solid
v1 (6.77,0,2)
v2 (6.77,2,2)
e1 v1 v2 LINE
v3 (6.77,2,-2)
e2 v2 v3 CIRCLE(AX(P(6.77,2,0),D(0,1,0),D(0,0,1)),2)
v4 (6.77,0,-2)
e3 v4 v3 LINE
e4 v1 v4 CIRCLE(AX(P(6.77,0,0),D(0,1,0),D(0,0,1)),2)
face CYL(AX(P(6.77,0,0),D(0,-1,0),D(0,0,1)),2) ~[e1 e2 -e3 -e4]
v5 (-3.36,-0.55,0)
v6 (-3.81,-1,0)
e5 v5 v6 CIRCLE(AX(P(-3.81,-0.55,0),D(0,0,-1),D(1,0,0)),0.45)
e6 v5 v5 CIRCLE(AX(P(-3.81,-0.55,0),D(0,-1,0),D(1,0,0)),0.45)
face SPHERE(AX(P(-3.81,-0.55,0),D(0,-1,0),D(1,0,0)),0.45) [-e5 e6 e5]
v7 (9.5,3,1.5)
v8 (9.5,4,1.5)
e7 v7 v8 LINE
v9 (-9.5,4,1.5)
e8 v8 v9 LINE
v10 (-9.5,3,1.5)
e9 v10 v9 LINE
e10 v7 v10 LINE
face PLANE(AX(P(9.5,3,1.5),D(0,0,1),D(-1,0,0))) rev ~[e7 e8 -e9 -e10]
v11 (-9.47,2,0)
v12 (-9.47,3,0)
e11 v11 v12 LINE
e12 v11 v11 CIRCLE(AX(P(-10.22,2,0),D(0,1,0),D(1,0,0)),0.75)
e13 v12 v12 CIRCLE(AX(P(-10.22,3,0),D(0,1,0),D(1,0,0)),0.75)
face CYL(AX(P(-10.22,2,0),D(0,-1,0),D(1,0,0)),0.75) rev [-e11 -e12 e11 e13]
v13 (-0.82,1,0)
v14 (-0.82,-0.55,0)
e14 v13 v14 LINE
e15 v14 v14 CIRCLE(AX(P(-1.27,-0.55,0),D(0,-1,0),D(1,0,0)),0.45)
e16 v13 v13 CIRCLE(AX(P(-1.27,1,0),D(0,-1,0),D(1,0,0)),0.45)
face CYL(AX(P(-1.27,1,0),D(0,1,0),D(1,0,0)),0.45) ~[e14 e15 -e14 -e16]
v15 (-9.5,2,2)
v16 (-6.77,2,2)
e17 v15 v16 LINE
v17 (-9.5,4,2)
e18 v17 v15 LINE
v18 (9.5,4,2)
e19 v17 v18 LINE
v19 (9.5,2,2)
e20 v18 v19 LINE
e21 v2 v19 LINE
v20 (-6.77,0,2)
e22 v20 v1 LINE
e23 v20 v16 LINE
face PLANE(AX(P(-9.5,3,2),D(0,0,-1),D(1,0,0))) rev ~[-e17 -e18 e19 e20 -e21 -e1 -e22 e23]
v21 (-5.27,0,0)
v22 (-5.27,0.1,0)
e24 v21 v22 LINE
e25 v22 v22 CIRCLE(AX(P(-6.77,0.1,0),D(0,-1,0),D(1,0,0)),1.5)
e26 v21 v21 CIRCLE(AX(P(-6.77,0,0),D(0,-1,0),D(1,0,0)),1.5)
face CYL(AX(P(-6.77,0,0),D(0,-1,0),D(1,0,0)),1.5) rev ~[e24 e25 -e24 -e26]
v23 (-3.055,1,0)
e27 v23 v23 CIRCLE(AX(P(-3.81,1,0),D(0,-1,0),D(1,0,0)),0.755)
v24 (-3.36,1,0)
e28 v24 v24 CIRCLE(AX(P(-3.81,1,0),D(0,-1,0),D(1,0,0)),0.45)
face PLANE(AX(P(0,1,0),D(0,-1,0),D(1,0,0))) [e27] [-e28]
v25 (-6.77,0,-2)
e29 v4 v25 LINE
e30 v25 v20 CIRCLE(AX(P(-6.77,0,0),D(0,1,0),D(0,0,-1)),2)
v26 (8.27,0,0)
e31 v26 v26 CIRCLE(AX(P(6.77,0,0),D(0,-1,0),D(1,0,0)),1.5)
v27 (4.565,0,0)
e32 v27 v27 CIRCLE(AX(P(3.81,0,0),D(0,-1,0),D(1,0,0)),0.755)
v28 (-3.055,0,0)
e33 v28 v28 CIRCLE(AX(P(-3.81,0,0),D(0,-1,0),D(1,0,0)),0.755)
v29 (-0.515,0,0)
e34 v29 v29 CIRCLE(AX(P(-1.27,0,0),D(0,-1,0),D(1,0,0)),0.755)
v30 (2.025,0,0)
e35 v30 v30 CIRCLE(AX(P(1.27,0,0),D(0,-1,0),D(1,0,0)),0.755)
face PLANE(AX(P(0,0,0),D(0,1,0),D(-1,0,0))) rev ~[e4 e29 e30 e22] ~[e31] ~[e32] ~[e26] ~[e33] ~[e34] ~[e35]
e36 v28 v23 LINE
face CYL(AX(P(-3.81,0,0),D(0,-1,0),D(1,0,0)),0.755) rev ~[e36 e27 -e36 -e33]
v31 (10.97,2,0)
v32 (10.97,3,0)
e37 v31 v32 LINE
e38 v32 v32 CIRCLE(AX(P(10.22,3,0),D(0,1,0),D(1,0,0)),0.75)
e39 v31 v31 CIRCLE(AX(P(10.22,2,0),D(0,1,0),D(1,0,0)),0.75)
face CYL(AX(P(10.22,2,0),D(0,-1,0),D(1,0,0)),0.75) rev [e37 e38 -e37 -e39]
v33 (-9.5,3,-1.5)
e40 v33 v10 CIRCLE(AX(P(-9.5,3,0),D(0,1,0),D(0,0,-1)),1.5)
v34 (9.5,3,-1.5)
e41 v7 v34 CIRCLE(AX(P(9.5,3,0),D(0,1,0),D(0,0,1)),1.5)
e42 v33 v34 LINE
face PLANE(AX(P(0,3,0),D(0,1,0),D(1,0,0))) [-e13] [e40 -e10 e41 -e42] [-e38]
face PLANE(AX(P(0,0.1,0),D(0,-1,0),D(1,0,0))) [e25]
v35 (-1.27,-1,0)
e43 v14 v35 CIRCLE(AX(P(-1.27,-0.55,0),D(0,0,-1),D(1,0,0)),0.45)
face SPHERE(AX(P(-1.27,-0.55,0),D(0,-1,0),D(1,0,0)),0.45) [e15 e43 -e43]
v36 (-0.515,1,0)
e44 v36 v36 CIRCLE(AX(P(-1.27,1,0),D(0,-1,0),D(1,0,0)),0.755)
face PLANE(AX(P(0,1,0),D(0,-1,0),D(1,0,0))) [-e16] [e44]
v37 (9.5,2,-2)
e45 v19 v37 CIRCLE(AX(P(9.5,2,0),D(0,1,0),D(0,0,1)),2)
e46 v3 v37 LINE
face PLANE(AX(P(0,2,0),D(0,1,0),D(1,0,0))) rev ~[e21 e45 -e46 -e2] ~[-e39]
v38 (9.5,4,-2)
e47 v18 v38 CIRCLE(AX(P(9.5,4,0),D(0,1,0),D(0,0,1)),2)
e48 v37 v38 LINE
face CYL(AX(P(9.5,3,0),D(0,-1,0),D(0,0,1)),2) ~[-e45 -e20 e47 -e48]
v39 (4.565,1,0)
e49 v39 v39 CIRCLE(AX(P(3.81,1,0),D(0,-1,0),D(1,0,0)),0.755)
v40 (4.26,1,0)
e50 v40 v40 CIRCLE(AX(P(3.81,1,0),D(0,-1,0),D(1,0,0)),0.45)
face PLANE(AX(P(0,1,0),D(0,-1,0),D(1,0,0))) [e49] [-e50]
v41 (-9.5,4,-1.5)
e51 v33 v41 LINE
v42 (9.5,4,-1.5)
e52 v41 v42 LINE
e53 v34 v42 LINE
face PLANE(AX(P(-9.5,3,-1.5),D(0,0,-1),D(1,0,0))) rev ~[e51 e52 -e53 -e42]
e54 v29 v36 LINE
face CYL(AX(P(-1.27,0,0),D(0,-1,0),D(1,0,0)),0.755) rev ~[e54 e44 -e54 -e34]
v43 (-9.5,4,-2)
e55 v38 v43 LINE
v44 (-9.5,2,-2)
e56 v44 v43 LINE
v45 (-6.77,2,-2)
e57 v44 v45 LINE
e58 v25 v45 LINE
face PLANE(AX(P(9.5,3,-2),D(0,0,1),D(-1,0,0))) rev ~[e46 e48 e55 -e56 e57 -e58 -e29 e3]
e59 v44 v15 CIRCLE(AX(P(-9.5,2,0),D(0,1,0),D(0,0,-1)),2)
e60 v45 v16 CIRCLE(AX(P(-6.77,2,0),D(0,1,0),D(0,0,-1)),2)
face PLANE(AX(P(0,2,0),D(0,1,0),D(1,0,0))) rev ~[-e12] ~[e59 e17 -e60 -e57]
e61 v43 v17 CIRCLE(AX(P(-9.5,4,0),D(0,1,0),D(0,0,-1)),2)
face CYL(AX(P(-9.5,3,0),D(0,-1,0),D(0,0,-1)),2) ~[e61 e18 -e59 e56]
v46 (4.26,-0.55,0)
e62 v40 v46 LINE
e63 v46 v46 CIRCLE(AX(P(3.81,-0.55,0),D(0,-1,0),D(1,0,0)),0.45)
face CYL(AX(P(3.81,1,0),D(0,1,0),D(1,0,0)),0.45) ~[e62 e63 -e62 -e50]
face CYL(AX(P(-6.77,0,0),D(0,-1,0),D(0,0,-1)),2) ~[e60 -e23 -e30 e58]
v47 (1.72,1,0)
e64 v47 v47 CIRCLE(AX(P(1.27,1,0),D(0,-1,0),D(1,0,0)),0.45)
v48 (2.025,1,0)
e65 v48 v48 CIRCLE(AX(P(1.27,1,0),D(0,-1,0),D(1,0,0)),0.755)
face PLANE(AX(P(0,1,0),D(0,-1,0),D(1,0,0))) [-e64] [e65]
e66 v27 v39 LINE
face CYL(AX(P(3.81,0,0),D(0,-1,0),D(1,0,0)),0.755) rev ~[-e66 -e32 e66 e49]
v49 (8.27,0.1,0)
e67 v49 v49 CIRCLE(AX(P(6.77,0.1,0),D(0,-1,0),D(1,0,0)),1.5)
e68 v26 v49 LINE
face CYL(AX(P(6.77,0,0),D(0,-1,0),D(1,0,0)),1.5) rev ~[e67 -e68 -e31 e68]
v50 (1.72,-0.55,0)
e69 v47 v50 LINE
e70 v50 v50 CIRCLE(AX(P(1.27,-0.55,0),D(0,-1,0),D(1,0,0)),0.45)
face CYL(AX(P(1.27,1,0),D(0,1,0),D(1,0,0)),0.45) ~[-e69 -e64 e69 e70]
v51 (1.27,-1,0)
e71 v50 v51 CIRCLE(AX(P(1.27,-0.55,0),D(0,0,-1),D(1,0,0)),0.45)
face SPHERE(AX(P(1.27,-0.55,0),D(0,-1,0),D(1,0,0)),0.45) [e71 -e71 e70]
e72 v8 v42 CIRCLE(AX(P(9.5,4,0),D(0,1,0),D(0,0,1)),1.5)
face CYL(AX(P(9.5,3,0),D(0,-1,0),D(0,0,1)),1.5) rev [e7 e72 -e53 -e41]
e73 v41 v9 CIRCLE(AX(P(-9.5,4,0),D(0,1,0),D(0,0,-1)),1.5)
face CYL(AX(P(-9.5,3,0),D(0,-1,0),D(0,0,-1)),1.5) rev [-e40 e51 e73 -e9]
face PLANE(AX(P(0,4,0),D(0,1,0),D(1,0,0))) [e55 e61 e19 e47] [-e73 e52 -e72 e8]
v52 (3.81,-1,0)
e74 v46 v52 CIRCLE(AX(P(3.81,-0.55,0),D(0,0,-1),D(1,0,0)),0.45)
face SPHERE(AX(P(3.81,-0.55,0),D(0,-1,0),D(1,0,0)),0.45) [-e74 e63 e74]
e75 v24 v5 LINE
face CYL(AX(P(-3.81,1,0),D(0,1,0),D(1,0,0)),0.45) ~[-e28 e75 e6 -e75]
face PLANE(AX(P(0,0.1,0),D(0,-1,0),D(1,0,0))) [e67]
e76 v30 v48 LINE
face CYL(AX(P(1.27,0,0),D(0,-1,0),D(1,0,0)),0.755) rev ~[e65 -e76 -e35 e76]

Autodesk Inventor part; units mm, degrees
ref_plane "YZ Plane" through (0, 0, 0) normal (1, 0, 0) x (0, 1, 0)
ref_plane "XZ Plane" through (0, 0, 0) normal (0, 1, 0) x (-1, 0, 0)
ref_plane "XY Plane" through (0, 0, 0) normal (0, 0, 1) x (1, 0, 0)
sketch "Sketch1" plane through (0, 0, 0) normal (0, 1, 0) x (-1, 0, 0)
  line L0 (-16.7648, -6.8244) -> (19.5108, -6.8244) construction
  line L1 (19.5108, -6.8244) -> (19.5108, -28.8158) construction
  line L2 (19.5108, -28.8158) -> (-16.7648, -28.8158) construction
  line L3 (-16.7648, -28.8158) -> (-16.7648, -6.8244) construction
  line L4 (6.77, 0) -> (-6.77, 0) construction
  line L5 (6.77, 2) -> (-6.77, 2)
  line L6 (-6.77, -2) -> (6.77, -2)
  arc A0 (6.77, -2) -> (6.77, 2) centre (6.77, 0) ccw
  arc A1 (-6.77, 2) -> (-6.77, -2) centre (-6.77, 0) ccw
  point P0 (0, 0)
  point P1 (-8.77, 0)
  point P2 (8.77, 0)
  dimension "d11" = 17.54
  dimension "d18" = 4
extrude "Extrusion1" add sketch "Sketch1" along normal blind 2
sketch "Sketch2" plane through (0, 2, 0) normal (0, 1, 0) x (1, 0, 0)
  arc A0 (6.77, -2) -> (6.77, 2) centre (6.77, 0) ccw projected
  line L0 (6.77, 2) -> (-6.77, 2) projected
  arc A1 (-6.77, 2) -> (-6.77, -2) centre (-6.77, 0) ccw projected
  line L1 (-6.77, -2) -> (6.77, -2) projected
  line L2 (-9.5, 0) -> (9.5, 0) construction
  line L3 (-9.5, -2) -> (9.5, -2)
  line L4 (9.5, 2) -> (-9.5, 2)
  arc A2 (-9.5, 2) -> (-9.5, -2) centre (-9.5, 0) ccw
  arc A3 (9.5, -2) -> (9.5, 2) centre (9.5, 0) ccw
  circle A4 centre (-10.22, 0) radius 0.75
  line L5 (0, -2) -> (0, 2)
  circle A5 centre (10.22, 0) radius 0.75
  point P0 (0, 0)
  point P1 (11.5, 0)
  point P2 (-11.5, 0)
  point P3 (0, 0)
  point P4 (-6.77, -2)
  point P5 (6.77, -2)
  dimension "d23" = 4
  dimension "d24" = 23
  dimension "d25" = 1.5
  dimension "d26" = 20.44
extrude "Extrusion2" add sketch "Sketch2" along normal blind 1
sketch "Sketch3" plane through (0, 3, 0) normal (0, 1, 0) x (1, 0, 0)
  line L0 (9.5, 2) -> (-9.5, 2) projected
  arc A0 (-9.5, 2) -> (-9.5, -2) centre (-9.5, 0) ccw projected
  line L1 (-9.5, -2) -> (9.5, -2) projected
  arc A1 (9.5, -2) -> (9.5, 2) centre (9.5, 0) ccw projected
  circle A2 centre (-10.22, 0) radius 0.75 projected
  circle A3 centre (10.22, 0) radius 0.75 projected
  line L2 (-9.5, 1.5) -> (9.5, 1.5)
  arc A4 (9.5, -1.5) -> (9.5, 1.5) centre (9.5, 0) ccw
  line L3 (9.5, -1.5) -> (-9.5, -1.5)
  arc A5 (-9.5, 1.5) -> (-9.5, -1.5) centre (-9.5, 0) ccw
  point P0 (0, 0)
  dimension "d29" = 0.5
extrude "Extrusion3" add sketch "Sketch3" along normal blind 1 contours A1 L1 A0 L0
sketch "Sketch4" plane through (0, 0, 0) normal (0, -1, 0) x (1, 0, 0)
  circle A0 centre (-3.81, 0) radius 0.755
  circle A1 centre (-1.27, 0) radius 0.755
  line L0 (-6.77, 2) -> (6.77, 2) projected
  line L1 (0, 2) -> (0, -2)
  line L2 (6.77, -2) -> (-6.77, -2) projected
  circle A2 centre (3.81, 0) radius 0.755
  circle A3 centre (1.27, 0) radius 0.755
  point P0 (0, 0)
  dimension "d32" = 2.54
  dimension "d33" = 7.62
  dimension "d34" = 1.51
extrude "Extrusion4" cut sketch "Sketch4" against normal blind 1
sketch "Sketch5" plane through (-3.81, 1, 0) normal (0, -1, 0) x (1, 0, 0)
  circle A0 centre (0, 0) radius 0.755 projected
  circle A1 centre (2.54, 0) radius 0.755 projected
  circle A2 centre (5.08, 0) radius 0.755 projected
  circle A3 centre (7.62, 0) radius 0.755 projected
  circle A4 centre (0, 0) radius 0.755 projected
  circle A5 centre (0, 0) radius 0.45
  circle A6 centre (2.54, 0) radius 0.45
  circle A7 centre (5.08, 0) radius 0.45
  circle A8 centre (7.62, 0) radius 0.45
  point P0 (3.81, 0)
  dimension "d37" = 0.9
extrude "Extrusion5" add sketch "Sketch5" along normal blind 2 contours A5 | A6 | A7 | A8
fillet "Fillet1" radius 0.45 4 edges at (-4.26, -1, 0) (-1.72, -1, 0) (0.82, -1, 0) (3.36, -1, 0)
sketch "Sketch6" plane through (0, 0, 0) normal (0, -1, 0) x (1, 0, 0)
  circle A0 centre (1.27, 0) radius 0.755 projected
  circle A1 centre (-1.27, 0) radius 0.755 projected
  circle A2 centre (3.81, 0) radius 0.755 projected
  circle A3 centre (-3.81, 0) radius 0.755 projected
  arc A4 (6.77, -2) -> (6.77, 2) centre (6.77, 0) ccw projected
  line L0 (-6.77, 2) -> (6.77, 2) projected
  arc A5 (-6.77, 2) -> (-6.77, -2) centre (-6.77, 0) ccw projected
  line L1 (6.77, -2) -> (-6.77, -2) projected
  circle A6 centre (-6.77, 0) radius 1.5
  circle A7 centre (6.77, 0) radius 1.5
  point P0 (0, 0)
  dimension "d41" = 3
extrude "Extrusion6" cut sketch "Sketch6" against normal blind 0.1 contours A6 | A7
properties part number "Connector1"
